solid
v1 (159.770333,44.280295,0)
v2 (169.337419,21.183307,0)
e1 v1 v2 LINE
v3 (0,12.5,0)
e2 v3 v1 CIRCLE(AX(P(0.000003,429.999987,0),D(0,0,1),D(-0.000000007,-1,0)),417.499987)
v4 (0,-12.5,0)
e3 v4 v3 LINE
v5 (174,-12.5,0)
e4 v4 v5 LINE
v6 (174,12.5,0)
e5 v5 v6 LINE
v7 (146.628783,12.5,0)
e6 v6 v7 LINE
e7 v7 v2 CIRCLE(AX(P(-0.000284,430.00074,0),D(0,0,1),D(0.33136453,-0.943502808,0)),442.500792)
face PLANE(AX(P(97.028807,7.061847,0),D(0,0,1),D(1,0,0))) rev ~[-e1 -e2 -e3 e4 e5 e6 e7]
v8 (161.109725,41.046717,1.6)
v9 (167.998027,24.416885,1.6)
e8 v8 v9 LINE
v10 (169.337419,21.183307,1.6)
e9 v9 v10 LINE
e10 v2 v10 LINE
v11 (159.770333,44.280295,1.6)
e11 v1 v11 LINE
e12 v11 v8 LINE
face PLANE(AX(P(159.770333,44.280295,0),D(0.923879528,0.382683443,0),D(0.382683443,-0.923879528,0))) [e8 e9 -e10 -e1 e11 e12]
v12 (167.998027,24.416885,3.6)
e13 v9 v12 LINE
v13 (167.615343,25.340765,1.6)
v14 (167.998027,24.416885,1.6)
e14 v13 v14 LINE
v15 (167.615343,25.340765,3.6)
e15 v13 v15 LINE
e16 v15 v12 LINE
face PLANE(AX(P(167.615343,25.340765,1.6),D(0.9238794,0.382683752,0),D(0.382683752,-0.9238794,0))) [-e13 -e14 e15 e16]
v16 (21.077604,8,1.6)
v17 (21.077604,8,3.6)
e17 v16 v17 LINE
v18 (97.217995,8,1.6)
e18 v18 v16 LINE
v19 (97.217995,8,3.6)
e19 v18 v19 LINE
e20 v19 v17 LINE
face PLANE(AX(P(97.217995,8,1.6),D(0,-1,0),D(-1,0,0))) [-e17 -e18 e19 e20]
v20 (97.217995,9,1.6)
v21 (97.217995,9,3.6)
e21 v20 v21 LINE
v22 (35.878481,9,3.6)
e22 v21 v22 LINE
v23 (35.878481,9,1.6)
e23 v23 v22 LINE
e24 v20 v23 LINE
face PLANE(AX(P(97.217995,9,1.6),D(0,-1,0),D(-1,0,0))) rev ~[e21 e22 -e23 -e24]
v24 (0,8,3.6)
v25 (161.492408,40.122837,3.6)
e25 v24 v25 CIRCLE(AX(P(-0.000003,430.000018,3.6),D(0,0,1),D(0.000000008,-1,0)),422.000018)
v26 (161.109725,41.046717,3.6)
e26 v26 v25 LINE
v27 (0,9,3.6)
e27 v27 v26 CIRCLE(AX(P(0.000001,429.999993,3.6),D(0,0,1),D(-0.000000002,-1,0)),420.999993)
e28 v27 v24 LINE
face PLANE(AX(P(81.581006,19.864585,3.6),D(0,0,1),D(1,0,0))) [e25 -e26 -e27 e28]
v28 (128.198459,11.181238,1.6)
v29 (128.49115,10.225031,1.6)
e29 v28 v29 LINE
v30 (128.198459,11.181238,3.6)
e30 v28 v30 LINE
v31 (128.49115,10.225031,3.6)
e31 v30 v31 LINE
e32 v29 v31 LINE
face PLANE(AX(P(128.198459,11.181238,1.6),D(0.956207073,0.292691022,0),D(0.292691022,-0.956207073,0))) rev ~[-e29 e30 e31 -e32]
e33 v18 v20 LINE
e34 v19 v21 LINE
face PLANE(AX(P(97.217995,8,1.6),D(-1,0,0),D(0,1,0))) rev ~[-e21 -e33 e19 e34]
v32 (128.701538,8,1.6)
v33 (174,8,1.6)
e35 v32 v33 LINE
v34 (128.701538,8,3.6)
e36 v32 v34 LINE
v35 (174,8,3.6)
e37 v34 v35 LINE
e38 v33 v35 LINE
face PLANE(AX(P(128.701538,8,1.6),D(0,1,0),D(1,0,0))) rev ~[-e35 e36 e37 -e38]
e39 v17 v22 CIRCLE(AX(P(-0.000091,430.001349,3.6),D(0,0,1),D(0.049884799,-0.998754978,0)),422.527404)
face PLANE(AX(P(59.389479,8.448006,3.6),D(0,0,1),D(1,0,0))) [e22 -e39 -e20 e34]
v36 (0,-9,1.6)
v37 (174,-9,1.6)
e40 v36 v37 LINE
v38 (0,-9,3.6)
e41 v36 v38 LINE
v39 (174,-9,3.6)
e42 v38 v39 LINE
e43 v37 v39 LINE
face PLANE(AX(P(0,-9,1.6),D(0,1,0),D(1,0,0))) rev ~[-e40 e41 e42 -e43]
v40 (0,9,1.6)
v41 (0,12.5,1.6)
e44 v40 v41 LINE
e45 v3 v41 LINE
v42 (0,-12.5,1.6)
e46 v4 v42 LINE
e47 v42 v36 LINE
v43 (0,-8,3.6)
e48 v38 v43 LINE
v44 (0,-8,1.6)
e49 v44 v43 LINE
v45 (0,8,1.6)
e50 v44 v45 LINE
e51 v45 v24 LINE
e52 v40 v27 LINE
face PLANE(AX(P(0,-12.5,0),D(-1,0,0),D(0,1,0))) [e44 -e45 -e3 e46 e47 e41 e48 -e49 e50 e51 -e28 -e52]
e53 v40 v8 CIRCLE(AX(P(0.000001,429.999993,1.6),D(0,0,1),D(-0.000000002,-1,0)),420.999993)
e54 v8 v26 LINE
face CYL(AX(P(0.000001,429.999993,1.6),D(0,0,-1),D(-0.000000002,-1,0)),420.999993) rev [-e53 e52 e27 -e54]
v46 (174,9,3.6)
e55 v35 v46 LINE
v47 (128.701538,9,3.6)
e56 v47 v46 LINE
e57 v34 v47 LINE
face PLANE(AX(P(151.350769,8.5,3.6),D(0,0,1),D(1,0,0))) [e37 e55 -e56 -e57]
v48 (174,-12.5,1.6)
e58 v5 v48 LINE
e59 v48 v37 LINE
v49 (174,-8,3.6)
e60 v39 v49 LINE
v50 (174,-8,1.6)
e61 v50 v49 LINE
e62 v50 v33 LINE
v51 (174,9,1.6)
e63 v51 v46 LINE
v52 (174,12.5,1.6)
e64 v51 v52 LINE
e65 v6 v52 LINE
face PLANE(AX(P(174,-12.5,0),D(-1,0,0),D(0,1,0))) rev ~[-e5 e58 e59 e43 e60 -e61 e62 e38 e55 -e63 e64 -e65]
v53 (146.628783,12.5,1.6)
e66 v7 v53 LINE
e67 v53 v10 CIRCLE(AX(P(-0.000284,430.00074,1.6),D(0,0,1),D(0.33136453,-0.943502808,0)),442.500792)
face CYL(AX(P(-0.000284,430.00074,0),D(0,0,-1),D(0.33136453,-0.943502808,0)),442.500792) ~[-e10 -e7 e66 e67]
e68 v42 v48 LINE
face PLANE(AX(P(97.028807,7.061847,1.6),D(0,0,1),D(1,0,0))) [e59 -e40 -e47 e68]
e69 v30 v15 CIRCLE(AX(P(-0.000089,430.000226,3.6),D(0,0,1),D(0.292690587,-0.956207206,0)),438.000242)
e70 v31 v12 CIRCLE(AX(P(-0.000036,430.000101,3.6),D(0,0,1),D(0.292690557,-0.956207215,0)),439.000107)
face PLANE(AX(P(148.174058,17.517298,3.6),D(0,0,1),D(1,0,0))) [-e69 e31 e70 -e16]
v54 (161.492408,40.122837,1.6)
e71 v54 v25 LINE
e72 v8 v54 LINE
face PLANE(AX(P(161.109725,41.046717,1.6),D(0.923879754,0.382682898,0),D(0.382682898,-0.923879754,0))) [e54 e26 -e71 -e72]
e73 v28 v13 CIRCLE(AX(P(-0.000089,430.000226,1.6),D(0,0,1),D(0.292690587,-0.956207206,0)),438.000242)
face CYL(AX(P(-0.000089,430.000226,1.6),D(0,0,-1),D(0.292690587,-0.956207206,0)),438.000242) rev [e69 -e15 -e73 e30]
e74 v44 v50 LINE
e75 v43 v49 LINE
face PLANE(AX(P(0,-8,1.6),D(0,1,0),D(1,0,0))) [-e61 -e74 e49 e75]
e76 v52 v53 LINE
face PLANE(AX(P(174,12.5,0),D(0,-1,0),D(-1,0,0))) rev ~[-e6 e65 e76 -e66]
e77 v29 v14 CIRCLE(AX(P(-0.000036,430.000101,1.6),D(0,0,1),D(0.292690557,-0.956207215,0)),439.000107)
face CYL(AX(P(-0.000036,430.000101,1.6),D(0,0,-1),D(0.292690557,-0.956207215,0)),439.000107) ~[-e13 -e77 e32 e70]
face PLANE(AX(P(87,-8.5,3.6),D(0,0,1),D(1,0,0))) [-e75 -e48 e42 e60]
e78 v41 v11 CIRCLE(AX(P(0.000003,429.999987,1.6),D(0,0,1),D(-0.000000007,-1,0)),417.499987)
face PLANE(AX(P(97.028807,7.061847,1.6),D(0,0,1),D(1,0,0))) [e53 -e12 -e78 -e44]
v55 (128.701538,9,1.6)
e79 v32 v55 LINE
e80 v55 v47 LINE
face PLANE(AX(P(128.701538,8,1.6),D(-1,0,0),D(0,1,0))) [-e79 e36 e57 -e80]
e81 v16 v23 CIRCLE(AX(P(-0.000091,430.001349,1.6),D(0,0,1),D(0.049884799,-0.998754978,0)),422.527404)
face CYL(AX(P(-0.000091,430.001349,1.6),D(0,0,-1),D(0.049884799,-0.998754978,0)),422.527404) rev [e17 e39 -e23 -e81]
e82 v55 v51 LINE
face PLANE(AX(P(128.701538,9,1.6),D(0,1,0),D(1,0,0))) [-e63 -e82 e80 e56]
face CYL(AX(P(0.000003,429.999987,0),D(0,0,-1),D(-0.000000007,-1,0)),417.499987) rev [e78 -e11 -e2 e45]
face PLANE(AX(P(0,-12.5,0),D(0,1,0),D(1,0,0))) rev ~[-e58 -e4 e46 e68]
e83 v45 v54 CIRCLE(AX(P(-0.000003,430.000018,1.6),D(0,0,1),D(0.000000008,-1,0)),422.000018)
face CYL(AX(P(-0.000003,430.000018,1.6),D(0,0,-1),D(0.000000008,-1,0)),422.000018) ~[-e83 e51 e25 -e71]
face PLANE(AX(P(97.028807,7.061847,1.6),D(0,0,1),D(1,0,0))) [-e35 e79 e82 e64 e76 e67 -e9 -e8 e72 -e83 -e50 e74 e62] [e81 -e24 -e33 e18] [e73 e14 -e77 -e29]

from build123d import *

# Parameters (mm, degrees)
PAD_DEPTH     = 1.6
SKETCH001_W   = 174
SKETCH001_H   = 1
SKETCH001_W_2 = 45.298462
PAD001_DEPTH  = 2


with BuildPart() as part:
    # Sketch → Pad (new body)
    with BuildSketch(Plane.XY):
        with BuildLine():
            Line((0, -12.5), (174, -12.5))
            Line((174, -12.5), (174, 12.5))
            Line((174, 12.5), (146.628783, 12.5))
            ThreePointArc((146.628783, 12.5), (158.042748, 16.685665), (169.337419, 21.183307))
            Line((159.770333, 44.280295), (169.337419, 21.183307))
            ThreePointArc((0, 12.5), (81.450209, 20.522145), (159.770333, 44.280295))
            Line((0, -12.5), (0, 12.5))
        make_face()
    extrude(amount=PAD_DEPTH)

    # Sketch001 (on Face9 of Pad) → Pad001 (join)
    with BuildSketch(Plane.XY.offset(1.6)):
        with Locations((87, -8.5)):
            Rectangle(SKETCH001_W, SKETCH001_H)
        with BuildLine():
            ThreePointArc((0, 8), (82.328116, 16.108612), (161.492408, 40.122837))
            Line((161.109725, 41.046717), (161.492408, 40.122837))
            ThreePointArc((0, 9), (82.133026, 17.089397), (161.109725, 41.046717))
            Line((0, 9), (0, 8))
        make_face()
        with BuildLine():
            ThreePointArc((128.49115, 10.225031), (148.414319, 16.848466), (167.998027, 24.416885))
            Line((167.615343, 25.340765), (167.998027, 24.416885))
            ThreePointArc((128.198459, 11.181238), (148.076245, 17.789586), (167.615343, 25.340765))
            Line((128.198459, 11.181238), (128.49115, 10.225031))
        make_face()
        with Locations((151.350769, 8.5)):
            Rectangle(SKETCH001_W_2, SKETCH001_H)
        with BuildLine():
            Line((97.217995, 8), (97.217995, 9))
            Line((97.217995, 9), (35.878481, 9))
            ThreePointArc((21.077604, 8), (28.482431, 8.435039), (35.878481, 9))
            Line((97.217995, 8), (21.077604, 8))
        make_face()
    extrude(amount=PAD001_DEPTH)


solid = part.part
